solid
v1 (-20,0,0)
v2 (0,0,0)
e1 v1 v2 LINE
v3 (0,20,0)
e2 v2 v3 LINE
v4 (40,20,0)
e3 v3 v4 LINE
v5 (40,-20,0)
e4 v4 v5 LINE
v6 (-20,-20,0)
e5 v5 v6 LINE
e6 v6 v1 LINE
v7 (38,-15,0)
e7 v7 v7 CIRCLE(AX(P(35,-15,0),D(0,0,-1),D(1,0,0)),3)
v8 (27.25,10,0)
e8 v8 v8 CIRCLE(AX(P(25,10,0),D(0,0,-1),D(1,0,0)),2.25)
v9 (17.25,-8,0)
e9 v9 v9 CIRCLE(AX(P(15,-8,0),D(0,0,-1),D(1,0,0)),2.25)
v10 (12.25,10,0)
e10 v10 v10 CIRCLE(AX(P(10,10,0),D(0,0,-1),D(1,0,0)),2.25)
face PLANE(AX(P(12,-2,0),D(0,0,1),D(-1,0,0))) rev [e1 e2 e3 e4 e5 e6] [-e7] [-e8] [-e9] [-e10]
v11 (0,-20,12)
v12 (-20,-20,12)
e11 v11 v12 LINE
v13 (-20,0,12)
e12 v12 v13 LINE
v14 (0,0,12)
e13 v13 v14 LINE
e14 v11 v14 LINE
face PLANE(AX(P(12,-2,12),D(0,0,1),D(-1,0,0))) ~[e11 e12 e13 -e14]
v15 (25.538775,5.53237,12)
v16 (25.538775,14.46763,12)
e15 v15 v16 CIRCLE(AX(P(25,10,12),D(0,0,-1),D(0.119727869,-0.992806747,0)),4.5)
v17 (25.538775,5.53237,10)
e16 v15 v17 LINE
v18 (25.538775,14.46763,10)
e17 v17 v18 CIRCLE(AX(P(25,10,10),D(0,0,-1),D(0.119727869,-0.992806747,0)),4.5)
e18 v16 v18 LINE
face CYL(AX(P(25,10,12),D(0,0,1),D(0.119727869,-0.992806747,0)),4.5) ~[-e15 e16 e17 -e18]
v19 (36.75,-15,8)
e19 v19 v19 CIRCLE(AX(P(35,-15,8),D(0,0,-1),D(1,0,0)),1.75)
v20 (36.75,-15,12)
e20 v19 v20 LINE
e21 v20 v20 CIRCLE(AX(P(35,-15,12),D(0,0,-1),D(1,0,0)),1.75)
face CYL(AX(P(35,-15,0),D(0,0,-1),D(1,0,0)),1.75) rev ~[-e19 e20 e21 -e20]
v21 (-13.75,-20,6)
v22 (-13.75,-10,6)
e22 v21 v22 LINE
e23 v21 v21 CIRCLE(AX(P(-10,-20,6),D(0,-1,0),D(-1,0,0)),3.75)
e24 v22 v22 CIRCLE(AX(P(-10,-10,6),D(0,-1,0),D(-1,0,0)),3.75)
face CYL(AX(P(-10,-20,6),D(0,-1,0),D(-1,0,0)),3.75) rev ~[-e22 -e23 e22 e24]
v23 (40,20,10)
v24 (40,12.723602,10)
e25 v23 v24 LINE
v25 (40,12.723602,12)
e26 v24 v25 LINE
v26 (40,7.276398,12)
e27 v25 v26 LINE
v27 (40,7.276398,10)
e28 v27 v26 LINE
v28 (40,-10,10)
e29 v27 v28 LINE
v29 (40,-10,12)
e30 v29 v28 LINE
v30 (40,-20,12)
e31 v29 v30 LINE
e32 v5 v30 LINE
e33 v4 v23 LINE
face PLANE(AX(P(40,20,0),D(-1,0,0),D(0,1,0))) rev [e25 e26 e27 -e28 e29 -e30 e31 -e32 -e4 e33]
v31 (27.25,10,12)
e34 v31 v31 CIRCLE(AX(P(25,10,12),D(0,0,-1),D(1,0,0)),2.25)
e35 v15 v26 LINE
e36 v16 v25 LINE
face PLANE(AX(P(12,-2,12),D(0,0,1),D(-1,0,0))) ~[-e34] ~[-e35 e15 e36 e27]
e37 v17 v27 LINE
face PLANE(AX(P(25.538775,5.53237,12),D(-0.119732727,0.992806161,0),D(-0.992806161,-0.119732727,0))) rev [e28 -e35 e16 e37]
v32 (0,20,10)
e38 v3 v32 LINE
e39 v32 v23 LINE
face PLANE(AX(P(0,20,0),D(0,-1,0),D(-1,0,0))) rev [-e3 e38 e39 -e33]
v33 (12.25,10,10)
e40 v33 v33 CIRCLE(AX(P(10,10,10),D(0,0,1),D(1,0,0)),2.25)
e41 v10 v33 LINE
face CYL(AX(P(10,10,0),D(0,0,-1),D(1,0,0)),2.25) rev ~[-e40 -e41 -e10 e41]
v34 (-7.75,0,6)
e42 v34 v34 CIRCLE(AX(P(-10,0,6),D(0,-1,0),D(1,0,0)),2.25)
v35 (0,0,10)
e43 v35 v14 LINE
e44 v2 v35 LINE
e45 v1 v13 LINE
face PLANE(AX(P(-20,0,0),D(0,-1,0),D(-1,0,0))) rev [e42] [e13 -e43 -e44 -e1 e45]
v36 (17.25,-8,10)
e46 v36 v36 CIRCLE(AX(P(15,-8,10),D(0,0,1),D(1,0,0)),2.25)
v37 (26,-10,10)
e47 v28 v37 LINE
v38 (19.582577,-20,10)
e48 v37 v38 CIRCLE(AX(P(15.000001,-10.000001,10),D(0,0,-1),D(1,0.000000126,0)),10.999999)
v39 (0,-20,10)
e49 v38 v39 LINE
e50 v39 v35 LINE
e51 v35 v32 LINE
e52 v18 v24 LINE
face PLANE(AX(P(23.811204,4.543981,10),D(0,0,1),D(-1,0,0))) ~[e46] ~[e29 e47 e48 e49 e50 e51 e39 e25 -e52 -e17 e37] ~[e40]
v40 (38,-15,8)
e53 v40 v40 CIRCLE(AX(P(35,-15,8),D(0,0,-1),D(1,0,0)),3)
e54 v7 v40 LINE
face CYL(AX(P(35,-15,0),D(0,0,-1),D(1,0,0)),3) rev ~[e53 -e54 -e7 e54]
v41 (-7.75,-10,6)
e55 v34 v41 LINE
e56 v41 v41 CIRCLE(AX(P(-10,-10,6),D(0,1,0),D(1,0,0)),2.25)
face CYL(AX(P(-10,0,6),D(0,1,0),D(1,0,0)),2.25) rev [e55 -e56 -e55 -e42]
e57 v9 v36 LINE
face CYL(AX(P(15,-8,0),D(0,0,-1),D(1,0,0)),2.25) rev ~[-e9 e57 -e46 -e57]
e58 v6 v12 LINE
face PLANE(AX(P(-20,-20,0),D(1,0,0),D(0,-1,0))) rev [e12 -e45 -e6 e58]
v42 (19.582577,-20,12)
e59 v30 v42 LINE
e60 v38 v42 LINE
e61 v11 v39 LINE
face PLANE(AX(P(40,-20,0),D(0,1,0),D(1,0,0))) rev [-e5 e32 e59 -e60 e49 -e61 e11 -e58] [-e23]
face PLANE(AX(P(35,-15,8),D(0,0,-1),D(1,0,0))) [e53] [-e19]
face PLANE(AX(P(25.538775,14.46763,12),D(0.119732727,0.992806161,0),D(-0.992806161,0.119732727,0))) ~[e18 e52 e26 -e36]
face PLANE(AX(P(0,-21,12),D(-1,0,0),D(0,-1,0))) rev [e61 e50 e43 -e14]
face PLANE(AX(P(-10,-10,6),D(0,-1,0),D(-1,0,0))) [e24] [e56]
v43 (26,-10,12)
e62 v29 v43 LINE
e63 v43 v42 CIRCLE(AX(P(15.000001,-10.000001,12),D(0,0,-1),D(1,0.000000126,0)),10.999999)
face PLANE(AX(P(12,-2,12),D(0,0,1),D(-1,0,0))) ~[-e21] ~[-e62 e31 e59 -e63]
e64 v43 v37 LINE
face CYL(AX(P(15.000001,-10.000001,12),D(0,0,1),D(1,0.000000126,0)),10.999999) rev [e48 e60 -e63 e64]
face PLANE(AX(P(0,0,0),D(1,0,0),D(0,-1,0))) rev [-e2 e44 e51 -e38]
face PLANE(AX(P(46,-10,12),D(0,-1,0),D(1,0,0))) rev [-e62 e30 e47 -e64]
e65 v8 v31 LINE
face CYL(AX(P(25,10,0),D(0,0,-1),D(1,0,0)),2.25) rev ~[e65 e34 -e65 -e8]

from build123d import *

# Parameters (mm, degrees)
SKETCH_R                       = 2.25
SKETCH_R_2                     = 1.75
PAD_DEPTH                      = 12
POCKET_DEPTH                   = 2
SKETCH002_R                    = 2.25
POCKET002_DEPTH                = 20.001
PART_MIRRORING_PLACEMENT_ANGLE = 180
SKETCH003_R                    = 3
POCKET003_DEPTH                = 8
SKETCH004_R                    = 3.75
POCKET004_DEPTH                = 10


with BuildPart() as pocket002:
    # Sketch → Pad (new body)
    with BuildSketch(Plane.XY):
        Polygon((0, -20), (40, -20), (40, 20), (-20, 20), (-20, 0), (0, 0), align=None)
        with Locations((15, 8)):
            Circle(SKETCH_R, mode=Mode.SUBTRACT)
        with Locations((10, -10)):
            Circle(SKETCH_R, mode=Mode.SUBTRACT)
        with Locations((35, 15)):
            Circle(SKETCH_R_2, mode=Mode.SUBTRACT)
        with Locations((25, -10)):
            Circle(SKETCH_R, mode=Mode.SUBTRACT)
    extrude(amount=PAD_DEPTH)

    # Sketch001 → Pocket (cut)
    with BuildSketch(Plane.XY.offset(12)):
        with BuildLine():
            Line((46, 10), (26, 10))
            ThreePointArc((26, 10), (22.778175, 17.778175), (15, 21))
            Line((15, 21), (0, 21))
            Line((0, 21), (0, -23))
            Line((0, -23), (46, -23))
            Line((46, -23), (46, -12))
            Line((25.538775, -14.46763), (46, -12))
            ThreePointArc((25.538775, -5.53237), (20.5, -10), (25.538775, -14.46763))
            Line((25.538775, -5.53237), (46, -8))
            Line((46, -8), (46, 10))
        make_face()
    extrude(amount=-POCKET_DEPTH, mode=Mode.SUBTRACT)

    # Sketch002 → Pocket002 (cut, through all)
    with BuildSketch(Plane.XZ):
        with Locations((-10, 6)):
            Circle(SKETCH002_R)
    extrude(amount=-POCKET002_DEPTH, mode=Mode.SUBTRACT)


with BuildPart() as pocket004:
    # Part__Mirroring: instance of Pocket002
    add(pocket002.part.mirror(Plane(origin=(0, 0, 0), x_dir=(0, 1, 0), z_dir=(0, 0, 1))))


with BuildPart() as pocket004_1:
    # Part__Mirroring placement: moved
    add(pocket004.part.rotate(Axis((0, 0, 0), (1, 0, 0)), PART_MIRRORING_PLACEMENT_ANGLE))

    # Sketch003 → Pocket003 (cut)
    with BuildSketch(Plane(origin=(0, 0, 0), x_dir=(1, 0, 0), z_dir=(0, 0, -1))):
        with Locations((35, 15)):
            Circle(SKETCH003_R)
    extrude(amount=-POCKET003_DEPTH, mode=Mode.SUBTRACT)

    # Sketch004 → Pocket004 (cut)
    with BuildSketch(Plane(origin=(0, -20, 0), x_dir=(-1, 0, 0), z_dir=(0, -1, 0))):
        with Locations((10, -6)):
            Circle(SKETCH004_R)
    extrude(amount=-POCKET004_DEPTH, mode=Mode.SUBTRACT)


solid = pocket004_1.part
